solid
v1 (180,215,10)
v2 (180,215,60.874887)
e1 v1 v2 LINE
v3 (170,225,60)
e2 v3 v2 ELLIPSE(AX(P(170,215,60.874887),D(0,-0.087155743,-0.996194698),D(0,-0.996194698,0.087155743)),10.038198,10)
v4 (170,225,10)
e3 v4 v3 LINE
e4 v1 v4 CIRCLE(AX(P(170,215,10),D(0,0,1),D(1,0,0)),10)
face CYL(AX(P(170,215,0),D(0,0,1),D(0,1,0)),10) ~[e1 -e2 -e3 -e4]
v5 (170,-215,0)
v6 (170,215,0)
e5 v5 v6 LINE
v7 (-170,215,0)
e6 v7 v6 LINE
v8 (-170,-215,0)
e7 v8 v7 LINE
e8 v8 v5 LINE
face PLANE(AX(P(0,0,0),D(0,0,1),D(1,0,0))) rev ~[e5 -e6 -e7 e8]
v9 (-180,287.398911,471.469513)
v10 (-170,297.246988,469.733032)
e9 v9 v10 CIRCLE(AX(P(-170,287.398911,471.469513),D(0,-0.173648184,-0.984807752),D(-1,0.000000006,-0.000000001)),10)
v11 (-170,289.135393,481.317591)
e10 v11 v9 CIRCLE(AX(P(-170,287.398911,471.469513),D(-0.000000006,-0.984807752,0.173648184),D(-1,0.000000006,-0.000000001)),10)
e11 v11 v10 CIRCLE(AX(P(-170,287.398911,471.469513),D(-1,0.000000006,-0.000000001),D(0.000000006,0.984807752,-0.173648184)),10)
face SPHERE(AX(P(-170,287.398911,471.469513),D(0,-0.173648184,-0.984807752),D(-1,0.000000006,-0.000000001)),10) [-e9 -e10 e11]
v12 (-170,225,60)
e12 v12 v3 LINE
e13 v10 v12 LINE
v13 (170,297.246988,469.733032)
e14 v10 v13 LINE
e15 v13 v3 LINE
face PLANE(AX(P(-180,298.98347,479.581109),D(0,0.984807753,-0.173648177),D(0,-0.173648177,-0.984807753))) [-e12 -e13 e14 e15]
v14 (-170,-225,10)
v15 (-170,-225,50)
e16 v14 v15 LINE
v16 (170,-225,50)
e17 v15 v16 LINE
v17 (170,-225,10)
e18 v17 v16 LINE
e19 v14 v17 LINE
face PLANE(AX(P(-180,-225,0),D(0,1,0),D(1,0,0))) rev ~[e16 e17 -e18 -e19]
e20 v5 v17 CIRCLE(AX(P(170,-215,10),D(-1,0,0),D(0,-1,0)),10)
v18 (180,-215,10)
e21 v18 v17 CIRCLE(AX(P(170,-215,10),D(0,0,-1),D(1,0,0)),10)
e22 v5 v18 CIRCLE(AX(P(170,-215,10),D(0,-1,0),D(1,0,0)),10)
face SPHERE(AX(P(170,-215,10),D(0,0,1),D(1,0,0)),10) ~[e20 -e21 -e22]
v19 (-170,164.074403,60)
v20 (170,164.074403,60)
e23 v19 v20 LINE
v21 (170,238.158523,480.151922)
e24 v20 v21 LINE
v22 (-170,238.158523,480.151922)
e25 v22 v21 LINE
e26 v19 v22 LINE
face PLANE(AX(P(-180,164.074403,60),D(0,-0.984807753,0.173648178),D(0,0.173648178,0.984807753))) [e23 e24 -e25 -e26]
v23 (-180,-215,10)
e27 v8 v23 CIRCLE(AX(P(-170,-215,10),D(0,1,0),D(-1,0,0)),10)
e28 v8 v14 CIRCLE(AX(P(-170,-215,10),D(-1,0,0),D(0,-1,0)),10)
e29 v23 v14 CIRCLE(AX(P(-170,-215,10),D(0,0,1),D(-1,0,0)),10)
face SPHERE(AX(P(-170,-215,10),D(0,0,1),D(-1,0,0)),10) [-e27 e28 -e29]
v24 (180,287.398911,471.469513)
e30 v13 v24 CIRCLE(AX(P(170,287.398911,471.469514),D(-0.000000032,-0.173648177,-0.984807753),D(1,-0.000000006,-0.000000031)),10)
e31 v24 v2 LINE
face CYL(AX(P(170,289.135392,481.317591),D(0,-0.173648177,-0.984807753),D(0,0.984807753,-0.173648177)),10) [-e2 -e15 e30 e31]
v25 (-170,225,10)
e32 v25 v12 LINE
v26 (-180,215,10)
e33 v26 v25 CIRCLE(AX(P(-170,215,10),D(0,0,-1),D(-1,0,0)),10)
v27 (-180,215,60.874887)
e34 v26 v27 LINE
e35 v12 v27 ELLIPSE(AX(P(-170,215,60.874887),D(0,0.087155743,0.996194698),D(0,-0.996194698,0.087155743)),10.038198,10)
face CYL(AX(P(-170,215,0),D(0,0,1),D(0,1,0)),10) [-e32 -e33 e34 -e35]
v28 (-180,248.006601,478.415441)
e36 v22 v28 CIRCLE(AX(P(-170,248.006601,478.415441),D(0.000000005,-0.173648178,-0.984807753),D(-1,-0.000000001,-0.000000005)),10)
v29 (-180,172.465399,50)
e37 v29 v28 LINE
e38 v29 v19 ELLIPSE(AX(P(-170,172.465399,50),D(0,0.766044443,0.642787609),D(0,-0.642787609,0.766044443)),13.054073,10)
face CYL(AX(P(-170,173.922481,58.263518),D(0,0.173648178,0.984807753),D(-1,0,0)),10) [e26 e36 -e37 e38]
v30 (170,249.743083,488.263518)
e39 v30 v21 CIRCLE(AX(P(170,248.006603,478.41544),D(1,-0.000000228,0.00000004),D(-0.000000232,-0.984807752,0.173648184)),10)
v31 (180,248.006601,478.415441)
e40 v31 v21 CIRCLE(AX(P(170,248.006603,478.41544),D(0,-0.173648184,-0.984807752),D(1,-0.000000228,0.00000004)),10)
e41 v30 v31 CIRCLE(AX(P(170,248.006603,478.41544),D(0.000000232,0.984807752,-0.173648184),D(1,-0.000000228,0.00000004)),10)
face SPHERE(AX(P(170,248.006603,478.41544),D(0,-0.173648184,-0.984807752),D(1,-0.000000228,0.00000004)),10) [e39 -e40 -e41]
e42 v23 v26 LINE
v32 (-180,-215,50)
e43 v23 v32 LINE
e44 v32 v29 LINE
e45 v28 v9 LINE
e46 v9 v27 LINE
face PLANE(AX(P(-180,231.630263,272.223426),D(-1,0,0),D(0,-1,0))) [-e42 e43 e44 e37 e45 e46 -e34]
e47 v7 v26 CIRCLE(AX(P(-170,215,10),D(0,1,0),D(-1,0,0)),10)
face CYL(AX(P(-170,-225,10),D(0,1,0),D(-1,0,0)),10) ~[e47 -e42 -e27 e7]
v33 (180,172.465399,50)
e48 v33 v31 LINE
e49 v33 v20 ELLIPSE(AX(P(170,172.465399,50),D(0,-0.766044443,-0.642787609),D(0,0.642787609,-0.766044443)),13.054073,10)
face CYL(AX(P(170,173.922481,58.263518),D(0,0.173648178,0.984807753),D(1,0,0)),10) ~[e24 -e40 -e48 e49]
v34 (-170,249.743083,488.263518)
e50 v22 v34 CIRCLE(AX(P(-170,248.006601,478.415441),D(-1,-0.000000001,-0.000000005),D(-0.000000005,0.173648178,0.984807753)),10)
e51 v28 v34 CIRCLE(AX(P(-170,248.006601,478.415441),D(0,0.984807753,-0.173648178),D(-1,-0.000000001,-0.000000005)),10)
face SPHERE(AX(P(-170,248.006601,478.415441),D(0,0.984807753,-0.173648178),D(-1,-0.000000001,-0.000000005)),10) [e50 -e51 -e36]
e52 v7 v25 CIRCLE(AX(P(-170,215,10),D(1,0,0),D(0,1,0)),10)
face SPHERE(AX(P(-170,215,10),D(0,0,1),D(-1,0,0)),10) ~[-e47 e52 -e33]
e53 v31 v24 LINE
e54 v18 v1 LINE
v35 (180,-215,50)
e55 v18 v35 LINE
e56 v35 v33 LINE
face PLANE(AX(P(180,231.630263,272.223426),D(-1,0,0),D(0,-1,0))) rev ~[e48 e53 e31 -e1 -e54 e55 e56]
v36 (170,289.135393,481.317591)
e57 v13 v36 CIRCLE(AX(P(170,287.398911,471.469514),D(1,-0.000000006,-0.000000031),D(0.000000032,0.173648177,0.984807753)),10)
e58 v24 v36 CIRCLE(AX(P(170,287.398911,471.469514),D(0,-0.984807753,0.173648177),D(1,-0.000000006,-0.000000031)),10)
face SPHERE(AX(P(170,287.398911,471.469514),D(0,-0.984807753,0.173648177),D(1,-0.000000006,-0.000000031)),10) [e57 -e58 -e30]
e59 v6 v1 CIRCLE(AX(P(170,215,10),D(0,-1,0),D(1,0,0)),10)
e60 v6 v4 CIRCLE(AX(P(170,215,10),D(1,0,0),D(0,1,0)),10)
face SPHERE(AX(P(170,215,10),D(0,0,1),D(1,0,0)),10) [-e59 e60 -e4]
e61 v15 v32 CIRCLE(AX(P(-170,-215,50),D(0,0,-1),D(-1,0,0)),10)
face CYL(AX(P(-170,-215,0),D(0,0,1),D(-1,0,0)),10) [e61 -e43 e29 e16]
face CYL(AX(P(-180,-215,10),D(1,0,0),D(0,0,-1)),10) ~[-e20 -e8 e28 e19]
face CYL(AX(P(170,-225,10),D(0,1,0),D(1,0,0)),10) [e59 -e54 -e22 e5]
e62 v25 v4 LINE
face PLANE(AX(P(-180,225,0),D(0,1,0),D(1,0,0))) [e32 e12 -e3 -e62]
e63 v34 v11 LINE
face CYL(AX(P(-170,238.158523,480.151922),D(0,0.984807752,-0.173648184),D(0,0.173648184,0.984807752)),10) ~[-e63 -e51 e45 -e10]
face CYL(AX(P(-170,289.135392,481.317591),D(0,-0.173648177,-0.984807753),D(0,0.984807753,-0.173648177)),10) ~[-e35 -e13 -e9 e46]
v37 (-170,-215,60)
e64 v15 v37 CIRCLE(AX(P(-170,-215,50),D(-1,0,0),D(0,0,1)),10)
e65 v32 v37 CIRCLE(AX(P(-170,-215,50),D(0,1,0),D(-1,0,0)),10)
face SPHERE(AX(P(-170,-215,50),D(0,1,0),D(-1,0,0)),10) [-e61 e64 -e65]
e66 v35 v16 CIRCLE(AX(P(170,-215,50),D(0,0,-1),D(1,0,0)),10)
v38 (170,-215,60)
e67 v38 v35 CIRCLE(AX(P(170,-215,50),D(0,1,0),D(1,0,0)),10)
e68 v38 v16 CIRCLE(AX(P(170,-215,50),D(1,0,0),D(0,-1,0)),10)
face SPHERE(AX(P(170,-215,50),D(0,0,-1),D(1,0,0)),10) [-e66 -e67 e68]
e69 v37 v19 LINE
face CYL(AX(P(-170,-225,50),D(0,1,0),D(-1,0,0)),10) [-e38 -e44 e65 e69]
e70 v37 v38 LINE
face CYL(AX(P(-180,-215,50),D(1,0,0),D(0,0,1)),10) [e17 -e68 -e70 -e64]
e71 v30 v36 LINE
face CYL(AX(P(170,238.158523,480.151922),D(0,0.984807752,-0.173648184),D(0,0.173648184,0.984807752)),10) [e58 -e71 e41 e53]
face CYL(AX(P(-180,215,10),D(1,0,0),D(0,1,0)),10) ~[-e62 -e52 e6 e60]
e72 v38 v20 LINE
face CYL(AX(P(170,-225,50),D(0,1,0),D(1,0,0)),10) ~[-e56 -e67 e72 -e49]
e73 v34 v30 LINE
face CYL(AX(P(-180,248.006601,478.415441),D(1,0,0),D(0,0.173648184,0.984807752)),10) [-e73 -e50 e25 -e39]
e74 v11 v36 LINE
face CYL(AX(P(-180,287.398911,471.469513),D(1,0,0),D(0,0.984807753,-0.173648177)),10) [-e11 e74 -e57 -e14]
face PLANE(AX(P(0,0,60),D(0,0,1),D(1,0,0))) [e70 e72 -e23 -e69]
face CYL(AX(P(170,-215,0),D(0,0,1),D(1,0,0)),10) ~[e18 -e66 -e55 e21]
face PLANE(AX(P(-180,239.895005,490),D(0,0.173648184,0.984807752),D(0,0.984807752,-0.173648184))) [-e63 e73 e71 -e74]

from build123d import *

# Parameters (mm, degrees)
F0_W     = 360
F0_H     = 450
F1_DEPTH = 60
F3_DEPTH = 360
F4_R     = 10


with BuildPart() as f1:
    # F0 (on Top) → F1 (new body)
    with BuildSketch(Plane.XY):
        Rectangle(F0_W, F0_H)
    extrude(amount=F1_DEPTH)

    # F2 (on face) → F3 (join, through all)
    with BuildSketch(Plane(origin=(-180, 0, 0), x_dir=(0, -1, 0), z_dir=(-1, 0, 0))):
        Polygon((-298.98347, 479.581109), (-225, 60), (-164.074403, 60), (-239.895005, 490), align=None)
    extrude(amount=-F3_DEPTH)

    # F4
    f4_edges = [f1.edges().sort_by_distance(p)[0] for p in [
        (-180, 225, 30),
        (-180, 261.991735, 269.790555),
        (-180, 269.439238, 484.790555),
        (-180, 201.984704, 275),
        (-180, -30.462798, 60),
        (-180, -225, 30),
        (-180, 0, 0),
        (180, -225, 30),
        (180, -30.462798, 60),
        (180, 201.984704, 275),
        (180, 269.439238, 484.790555),
        (180, 261.991735, 269.790555),
        (180, 225, 30),
        (180, 0, 0),
        (0, -225, 0),
        (0, -225, 60),
        (0, 239.895005, 490),
        (0, 298.98347, 479.581109),
        (0, 225, 0),
    ]]
    fillet(f4_edges, radius=F4_R)


solid = f1.part
